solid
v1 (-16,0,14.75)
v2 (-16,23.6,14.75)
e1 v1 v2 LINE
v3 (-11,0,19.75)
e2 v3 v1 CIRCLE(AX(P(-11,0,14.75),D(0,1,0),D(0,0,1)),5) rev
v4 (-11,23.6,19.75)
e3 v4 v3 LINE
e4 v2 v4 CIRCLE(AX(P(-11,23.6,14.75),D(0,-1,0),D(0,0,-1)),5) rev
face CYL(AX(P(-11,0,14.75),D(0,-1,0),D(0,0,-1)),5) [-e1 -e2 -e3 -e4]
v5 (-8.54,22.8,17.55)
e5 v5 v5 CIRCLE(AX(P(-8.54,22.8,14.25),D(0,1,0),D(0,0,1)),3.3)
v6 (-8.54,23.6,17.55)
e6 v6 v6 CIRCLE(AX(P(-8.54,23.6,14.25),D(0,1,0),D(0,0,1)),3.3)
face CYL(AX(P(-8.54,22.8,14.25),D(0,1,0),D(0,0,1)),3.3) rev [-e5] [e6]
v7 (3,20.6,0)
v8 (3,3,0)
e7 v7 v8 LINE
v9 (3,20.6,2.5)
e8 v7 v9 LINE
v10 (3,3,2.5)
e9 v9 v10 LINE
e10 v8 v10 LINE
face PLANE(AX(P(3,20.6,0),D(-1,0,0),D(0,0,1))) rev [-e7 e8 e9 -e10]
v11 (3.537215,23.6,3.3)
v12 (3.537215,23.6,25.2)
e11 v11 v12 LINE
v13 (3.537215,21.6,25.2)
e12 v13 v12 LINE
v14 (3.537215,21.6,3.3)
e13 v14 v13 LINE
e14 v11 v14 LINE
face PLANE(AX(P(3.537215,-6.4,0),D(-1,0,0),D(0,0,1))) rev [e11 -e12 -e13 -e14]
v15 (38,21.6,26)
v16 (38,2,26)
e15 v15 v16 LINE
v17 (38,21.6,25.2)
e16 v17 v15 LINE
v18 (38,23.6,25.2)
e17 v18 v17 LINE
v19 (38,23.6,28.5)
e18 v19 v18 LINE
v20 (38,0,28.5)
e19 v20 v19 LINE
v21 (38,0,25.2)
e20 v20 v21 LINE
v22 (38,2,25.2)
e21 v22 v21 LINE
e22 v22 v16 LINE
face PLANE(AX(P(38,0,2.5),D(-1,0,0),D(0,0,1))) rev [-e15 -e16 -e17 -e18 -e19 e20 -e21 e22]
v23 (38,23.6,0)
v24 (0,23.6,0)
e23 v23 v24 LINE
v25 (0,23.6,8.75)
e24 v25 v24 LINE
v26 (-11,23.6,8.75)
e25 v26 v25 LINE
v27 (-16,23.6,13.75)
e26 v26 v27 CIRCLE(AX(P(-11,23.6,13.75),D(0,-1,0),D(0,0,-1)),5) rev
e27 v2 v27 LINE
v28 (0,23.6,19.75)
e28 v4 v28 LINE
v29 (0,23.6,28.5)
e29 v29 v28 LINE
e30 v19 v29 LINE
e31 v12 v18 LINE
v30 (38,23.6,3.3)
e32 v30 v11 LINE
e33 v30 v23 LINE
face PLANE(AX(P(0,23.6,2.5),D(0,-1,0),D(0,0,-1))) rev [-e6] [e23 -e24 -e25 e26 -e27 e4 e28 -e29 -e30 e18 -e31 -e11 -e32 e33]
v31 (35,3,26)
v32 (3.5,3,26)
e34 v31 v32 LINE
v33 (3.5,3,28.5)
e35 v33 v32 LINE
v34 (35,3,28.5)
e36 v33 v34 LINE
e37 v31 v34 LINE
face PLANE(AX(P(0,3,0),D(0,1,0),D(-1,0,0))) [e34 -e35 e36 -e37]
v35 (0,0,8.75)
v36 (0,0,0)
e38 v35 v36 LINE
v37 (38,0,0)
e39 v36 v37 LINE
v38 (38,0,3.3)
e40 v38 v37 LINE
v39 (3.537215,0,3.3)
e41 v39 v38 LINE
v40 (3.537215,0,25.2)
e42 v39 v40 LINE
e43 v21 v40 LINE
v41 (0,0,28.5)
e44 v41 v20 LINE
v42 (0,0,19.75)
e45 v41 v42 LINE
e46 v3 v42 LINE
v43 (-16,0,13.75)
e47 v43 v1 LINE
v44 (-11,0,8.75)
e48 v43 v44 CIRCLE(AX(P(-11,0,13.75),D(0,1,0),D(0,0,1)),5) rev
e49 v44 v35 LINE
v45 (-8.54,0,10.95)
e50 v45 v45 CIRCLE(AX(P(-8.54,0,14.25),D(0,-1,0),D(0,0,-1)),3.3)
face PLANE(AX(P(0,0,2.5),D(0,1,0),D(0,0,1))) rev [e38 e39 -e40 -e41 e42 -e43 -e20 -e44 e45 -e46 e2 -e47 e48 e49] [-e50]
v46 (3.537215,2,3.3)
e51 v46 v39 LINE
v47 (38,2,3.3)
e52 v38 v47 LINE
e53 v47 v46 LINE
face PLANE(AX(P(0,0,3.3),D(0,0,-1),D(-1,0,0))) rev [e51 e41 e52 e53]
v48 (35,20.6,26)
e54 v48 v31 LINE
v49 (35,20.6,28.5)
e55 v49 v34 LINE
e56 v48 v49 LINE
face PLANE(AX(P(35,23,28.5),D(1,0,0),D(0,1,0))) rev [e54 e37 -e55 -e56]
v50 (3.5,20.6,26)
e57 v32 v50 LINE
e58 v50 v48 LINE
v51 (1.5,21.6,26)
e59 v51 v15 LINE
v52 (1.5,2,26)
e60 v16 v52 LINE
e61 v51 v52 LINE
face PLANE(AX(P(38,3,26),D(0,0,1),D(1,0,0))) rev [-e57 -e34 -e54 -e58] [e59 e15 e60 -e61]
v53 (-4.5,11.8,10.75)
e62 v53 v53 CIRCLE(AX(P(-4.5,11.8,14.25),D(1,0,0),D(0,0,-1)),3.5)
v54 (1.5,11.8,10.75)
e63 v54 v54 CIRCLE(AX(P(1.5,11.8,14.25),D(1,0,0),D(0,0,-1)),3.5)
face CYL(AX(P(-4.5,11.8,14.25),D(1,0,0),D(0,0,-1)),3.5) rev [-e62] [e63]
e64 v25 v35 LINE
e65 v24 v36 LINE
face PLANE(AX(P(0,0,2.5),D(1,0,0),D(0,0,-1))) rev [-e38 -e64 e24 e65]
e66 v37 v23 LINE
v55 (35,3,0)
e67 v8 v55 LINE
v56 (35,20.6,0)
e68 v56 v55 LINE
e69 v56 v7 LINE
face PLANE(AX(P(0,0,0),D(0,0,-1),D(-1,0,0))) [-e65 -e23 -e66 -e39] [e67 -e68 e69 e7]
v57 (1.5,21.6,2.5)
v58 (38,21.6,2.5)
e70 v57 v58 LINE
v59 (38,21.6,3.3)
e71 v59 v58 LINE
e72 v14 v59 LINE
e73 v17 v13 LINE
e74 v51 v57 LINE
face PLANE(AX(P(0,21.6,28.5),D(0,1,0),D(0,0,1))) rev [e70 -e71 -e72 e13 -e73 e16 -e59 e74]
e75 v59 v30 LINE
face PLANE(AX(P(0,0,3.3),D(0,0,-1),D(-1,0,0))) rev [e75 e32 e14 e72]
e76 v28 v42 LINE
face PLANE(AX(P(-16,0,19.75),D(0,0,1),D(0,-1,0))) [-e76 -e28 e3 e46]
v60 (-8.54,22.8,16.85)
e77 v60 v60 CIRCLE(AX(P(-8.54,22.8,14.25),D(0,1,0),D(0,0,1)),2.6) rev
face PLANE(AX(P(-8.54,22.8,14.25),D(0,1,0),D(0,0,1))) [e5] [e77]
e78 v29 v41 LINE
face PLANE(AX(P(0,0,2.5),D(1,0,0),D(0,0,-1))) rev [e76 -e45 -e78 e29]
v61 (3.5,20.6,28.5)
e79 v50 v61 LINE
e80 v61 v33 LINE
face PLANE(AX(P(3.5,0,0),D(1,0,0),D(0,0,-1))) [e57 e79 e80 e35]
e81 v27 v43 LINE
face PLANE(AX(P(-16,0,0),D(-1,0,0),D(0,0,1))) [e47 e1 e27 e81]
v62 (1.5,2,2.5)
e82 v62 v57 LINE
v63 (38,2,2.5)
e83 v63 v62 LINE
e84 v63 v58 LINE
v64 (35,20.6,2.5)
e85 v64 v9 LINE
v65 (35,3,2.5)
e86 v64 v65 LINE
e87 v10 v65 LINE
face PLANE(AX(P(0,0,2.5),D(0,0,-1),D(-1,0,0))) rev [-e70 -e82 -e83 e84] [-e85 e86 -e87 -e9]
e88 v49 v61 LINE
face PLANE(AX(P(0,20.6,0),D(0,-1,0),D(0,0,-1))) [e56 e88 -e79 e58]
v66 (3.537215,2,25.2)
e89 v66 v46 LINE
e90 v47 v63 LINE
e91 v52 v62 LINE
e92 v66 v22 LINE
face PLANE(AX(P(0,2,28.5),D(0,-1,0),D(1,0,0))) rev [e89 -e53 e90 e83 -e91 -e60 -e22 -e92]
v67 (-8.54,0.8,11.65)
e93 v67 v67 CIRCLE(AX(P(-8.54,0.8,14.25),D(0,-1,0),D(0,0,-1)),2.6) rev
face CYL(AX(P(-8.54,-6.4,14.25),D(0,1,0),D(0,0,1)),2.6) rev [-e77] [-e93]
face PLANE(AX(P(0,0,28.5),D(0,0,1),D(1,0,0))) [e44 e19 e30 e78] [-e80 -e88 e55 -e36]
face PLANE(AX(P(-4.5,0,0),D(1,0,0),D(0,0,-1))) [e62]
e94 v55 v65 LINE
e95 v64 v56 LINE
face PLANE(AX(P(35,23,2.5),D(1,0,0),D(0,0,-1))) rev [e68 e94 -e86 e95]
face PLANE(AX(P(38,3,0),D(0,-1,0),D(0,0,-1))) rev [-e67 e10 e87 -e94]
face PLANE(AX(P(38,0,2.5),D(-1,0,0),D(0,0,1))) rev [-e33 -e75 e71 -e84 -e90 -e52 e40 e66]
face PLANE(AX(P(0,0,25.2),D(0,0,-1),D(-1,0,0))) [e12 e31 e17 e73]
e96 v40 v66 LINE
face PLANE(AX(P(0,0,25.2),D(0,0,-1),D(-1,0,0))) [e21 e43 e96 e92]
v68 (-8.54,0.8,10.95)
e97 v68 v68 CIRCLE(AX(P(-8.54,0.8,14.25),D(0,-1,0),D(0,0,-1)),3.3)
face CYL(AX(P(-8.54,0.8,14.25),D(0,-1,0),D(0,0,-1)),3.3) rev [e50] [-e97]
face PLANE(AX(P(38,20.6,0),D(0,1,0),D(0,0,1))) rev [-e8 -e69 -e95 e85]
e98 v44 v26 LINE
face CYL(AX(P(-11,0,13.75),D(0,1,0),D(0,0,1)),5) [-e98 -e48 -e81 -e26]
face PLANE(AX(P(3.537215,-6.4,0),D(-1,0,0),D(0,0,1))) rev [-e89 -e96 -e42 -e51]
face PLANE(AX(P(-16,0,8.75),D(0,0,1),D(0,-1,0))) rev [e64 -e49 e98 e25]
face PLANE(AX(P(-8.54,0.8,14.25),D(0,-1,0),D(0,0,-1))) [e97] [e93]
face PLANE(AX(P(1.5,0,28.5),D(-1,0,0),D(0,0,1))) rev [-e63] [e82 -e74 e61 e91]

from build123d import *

# Parameters (mm, degrees)
SKETCH2_W            = 38
SKETCH2_H            = 23.6
BOSS_EXTRUDE2_DEPTH  = 2.5
SKETCH3_W            = 35
SKETCH3_H            = 17.6
CUT_EXTRUDE2_DEPTH   = 2.5
SKETCH5_W            = 36.5
SKETCH5_H            = 2
SKETCH5_W_2          = 1.5
SKETCH5_H_2          = 19.6
BOSS_EXTRUDE3_DEPTH  = 26
SKETCH7_W            = 36.5
SKETCH7_H            = 2.5
BOSS_EXTRUDE5_DEPTH  = 1
SKETCH10_W           = 12.597499818
SKETCH10_H           = 2.5
SKETCH10_W_2         = 23.902500182
BOSS_EXTRUDE6_DEPTH  = 1
SKETCH11_W           = 2.5
SKETCH11_H           = 17.6
BOSS_EXTRUDE7_DEPTH  = 2
SKETCH15_W           = 30.589508609
SKETCH15_H           = 23.5
SKETCH15_W_2         = 3.8732763
CUT_EXTRUDE4_DEPTH   = 30
SKETCH16_W           = 3
SKETCH16_H           = 2.5
BOSS_EXTRUDE8_DEPTH  = 20
SKETCH17_W           = 3
SKETCH17_H           = 2.5
BOSS_EXTRUDE9_DEPTH  = 20
SKETCH19_W           = 5.5
SKETCH19_H           = 23.6
BOSS_EXTRUDE10_DEPTH = 16
SKETCH20_R           = 2.6
CUT_EXTRUDE6_DEPTH   = 30
SKETCH21_R           = 3.3
CUT_EXTRUDE7_DEPTH   = 0.8
SKETCH22_R           = 3.3
CUT_EXTRUDE8_DEPTH   = 0.8
FILLET1_R            = 5
FILLET3_R            = 5
SKETCH23_W           = 34.462784909
SKETCH23_H           = 2
BOSS_EXTRUDE11_DEPTH = 0.8
SKETCH24_W           = 34.462784909
SKETCH24_H           = 2
BOSS_EXTRUDE12_DEPTH = 0.8
SKETCH25_W           = 34.462784909
SKETCH25_H           = 2
BOSS_EXTRUDE13_DEPTH = 0.8
SKETCH26_W           = 34.462784909
SKETCH26_H           = 2
BOSS_EXTRUDE14_DEPTH = 0.8
CUT_EXTRUDE9_DEPTH   = 6


with BuildPart() as part:
    # Sketch2 → Boss-Extrude2 (new body)
    with BuildSketch(Plane.XY):
        with Locations((19, 11.8)):
            Rectangle(SKETCH2_W, SKETCH2_H)
    extrude(amount=BOSS_EXTRUDE2_DEPTH)

    # Sketch3 → Cut-Extrude2 (cut)
    with BuildSketch(Plane.XY.offset(2.5)):
        with Locations((20.5, 11.8)):
            Rectangle(SKETCH3_W, SKETCH3_H)
    extrude(amount=-CUT_EXTRUDE2_DEPTH, mode=Mode.SUBTRACT)

    # Sketch5 → Boss-Extrude3 (add)
    with BuildSketch(Plane.XY.offset(2.5)):
        with Locations((19.75, 22.6)):
            Rectangle(SKETCH5_W, SKETCH5_H)
        with Locations((0.75, 22.6)):
            Rectangle(SKETCH5_W_2, SKETCH5_H)
        with Locations((0.75, 11.8)):
            Rectangle(SKETCH5_W_2, SKETCH5_H_2)
        with Locations((0.75, 1)):
            Rectangle(SKETCH5_W_2, SKETCH5_H)
        with Locations((19.75, 1)):
            Rectangle(SKETCH5_W, SKETCH5_H)
    extrude(amount=BOSS_EXTRUDE3_DEPTH)

    # Sketch7 → Boss-Extrude5 (add)
    with BuildSketch(Plane(origin=(0, 2, 0), x_dir=(1, 0, 0), z_dir=(0, 1, 0))):
        with Locations((19.75, -27.25)):
            Rectangle(SKETCH7_W, SKETCH7_H)
    extrude(amount=BOSS_EXTRUDE5_DEPTH)

    # Sketch10 → Boss-Extrude6 (add)
    with BuildSketch(Plane.XZ.offset(-21.6)):
        with Locations((31.701250091, 27.25)):
            Rectangle(SKETCH10_W, SKETCH10_H)
        with Locations((13.451250091, 27.25)):
            Rectangle(SKETCH10_W_2, SKETCH10_H)
    extrude(amount=BOSS_EXTRUDE6_DEPTH)

    # Sketch11 → Boss-Extrude7 (add)
    with BuildSketch(Plane(origin=(1.5, 0, 0), x_dir=(0, 0, -1), z_dir=(1, 0, 0))):
        with Locations((-27.25, 11.8)):
            Rectangle(SKETCH11_W, SKETCH11_H)
    extrude(amount=BOSS_EXTRUDE7_DEPTH)

    # Sketch15 → Cut-Extrude4 (cut)
    with BuildSketch(Plane(origin=(0, 23.6, 0), x_dir=(1, 0, 0), z_dir=(0, 1, 0))):
        with Locations((18.831969395, -14.25)):
            Rectangle(SKETCH15_W, SKETCH15_H)
        with Locations((36.06336185, -14.25)):
            Rectangle(SKETCH15_W_2, SKETCH15_H)
    extrude(amount=-CUT_EXTRUDE4_DEPTH, mode=Mode.SUBTRACT)

    # Sketch16 → Boss-Extrude8 (add)
    with BuildSketch(Plane(origin=(0, 3, 0), x_dir=(1, 0, 0), z_dir=(0, 1, 0))):
        with Locations((36.5, -1.25)):
            Rectangle(SKETCH16_W, SKETCH16_H)
    extrude(amount=BOSS_EXTRUDE8_DEPTH)

    # Sketch17 → Boss-Extrude9 (add)
    with BuildSketch(Plane(origin=(0, 3, 0), x_dir=(1, 0, 0), z_dir=(0, 1, 0))):
        with Locations((36.5, -27.25)):
            Rectangle(SKETCH17_W, SKETCH17_H)
    extrude(amount=BOSS_EXTRUDE9_DEPTH)

    # Sketch19 → Boss-Extrude10 (add)
    with BuildSketch(Plane.ZY):
        with Locations((17, 11.8)):
            Rectangle(SKETCH19_W, SKETCH19_H)
        with Locations((11.5, 11.8)):
            Rectangle(SKETCH19_W, SKETCH19_H)
    extrude(amount=BOSS_EXTRUDE10_DEPTH)

    # Sketch20 → Cut-Extrude6 (cut)
    with BuildSketch(Plane(origin=(0, 23.6, 0), x_dir=(1, 0, 0), z_dir=(0, 1, 0))):
        with Locations((-8.54, -14.25)):
            Circle(SKETCH20_R)
    extrude(amount=-CUT_EXTRUDE6_DEPTH, mode=Mode.SUBTRACT)

    # Sketch21 → Cut-Extrude7 (cut)
    with BuildSketch(Plane(origin=(0, 23.6, 0), x_dir=(1, 0, 0), z_dir=(0, 1, 0))):
        with Locations((-8.54, -14.25)):
            Circle(SKETCH21_R)
    extrude(amount=-CUT_EXTRUDE7_DEPTH, mode=Mode.SUBTRACT)

    # Sketch22 → Cut-Extrude8 (cut)
    with BuildSketch(Plane.XZ):
        with Locations((-8.54, 14.25)):
            Circle(SKETCH22_R)
    extrude(amount=-CUT_EXTRUDE8_DEPTH, mode=Mode.SUBTRACT)

    # Fillet1
    fillet1_edges = [part.edges().sort_by_distance(p)[0] for p in [
        (-16, 11.8, 8.75),
    ]]
    fillet(fillet1_edges, radius=FILLET1_R)

    # Fillet3
    fillet3_edges = [part.edges().sort_by_distance(p)[0] for p in [
        (-16, 11.8, 19.75),
    ]]
    fillet(fillet3_edges, radius=FILLET3_R)

    # Sketch23 → Boss-Extrude11 (add)
    with BuildSketch(Plane(origin=(0, 0, 26), x_dir=(-1, 0, 0), z_dir=(0, 0, -1))):
        with Locations((-20.768607546, 22.6)):
            Rectangle(SKETCH23_W, SKETCH23_H)
    extrude(amount=BOSS_EXTRUDE11_DEPTH)

    # Sketch24 → Boss-Extrude12 (add)
    with BuildSketch(Plane.XY.offset(2.5)):
        with Locations((20.768607546, 22.6)):
            Rectangle(SKETCH24_W, SKETCH24_H)
    extrude(amount=BOSS_EXTRUDE12_DEPTH)

    # Sketch25 → Boss-Extrude13 (add)
    with BuildSketch(Plane(origin=(0, 0, 26), x_dir=(-1, 0, 0), z_dir=(0, 0, -1))):
        with Locations((-20.768607546, 1)):
            Rectangle(SKETCH25_W, SKETCH25_H)
    extrude(amount=BOSS_EXTRUDE13_DEPTH)

    # Sketch26 → Boss-Extrude14 (add)
    with BuildSketch(Plane.XY.offset(2.5)):
        with Locations((20.768607546, 1)):
            Rectangle(SKETCH26_W, SKETCH26_H)
    extrude(amount=BOSS_EXTRUDE14_DEPTH)

    # Sketch27 → Cut-Extrude9 (cut)
    with BuildSketch(Plane(origin=(1.5, 0, 0), x_dir=(0, 0, -1), z_dir=(1, 0, 0))):
        with BuildLine():
            ThreePointArc((-17.75, 11.8), (-16.724873734, 9.325126266), (-14.25, 8.3))
            Line((-14.25, 8.3), (-14.25, 11.8))
            Line((-14.25, 11.8), (-17.75, 11.8))
        make_face()
        with BuildLine():
            Line((-14.25, 11.8), (-14.25, 8.3))
            ThreePointArc((-14.25, 8.3), (-11.775126266, 9.325126266), (-10.75, 11.8))
            Line((-10.75, 11.8), (-14.25, 11.8))
        make_face()
        with BuildLine():
            Line((-17.75, 11.8), (-14.25, 11.8))
            Line((-14.25, 11.8), (-14.25, 15.3))
            ThreePointArc((-14.25, 15.3), (-16.724873734, 14.274873734), (-17.75, 11.8))
        make_face()
        with BuildLine():
            Line((-14.25, 15.3), (-14.25, 11.8))
            Line((-14.25, 11.8), (-10.75, 11.8))
            ThreePointArc((-10.75, 11.8), (-11.775126266, 14.274873734), (-14.25, 15.3))
        make_face()
    extrude(amount=-CUT_EXTRUDE9_DEPTH, mode=Mode.SUBTRACT)


solid = part.part
